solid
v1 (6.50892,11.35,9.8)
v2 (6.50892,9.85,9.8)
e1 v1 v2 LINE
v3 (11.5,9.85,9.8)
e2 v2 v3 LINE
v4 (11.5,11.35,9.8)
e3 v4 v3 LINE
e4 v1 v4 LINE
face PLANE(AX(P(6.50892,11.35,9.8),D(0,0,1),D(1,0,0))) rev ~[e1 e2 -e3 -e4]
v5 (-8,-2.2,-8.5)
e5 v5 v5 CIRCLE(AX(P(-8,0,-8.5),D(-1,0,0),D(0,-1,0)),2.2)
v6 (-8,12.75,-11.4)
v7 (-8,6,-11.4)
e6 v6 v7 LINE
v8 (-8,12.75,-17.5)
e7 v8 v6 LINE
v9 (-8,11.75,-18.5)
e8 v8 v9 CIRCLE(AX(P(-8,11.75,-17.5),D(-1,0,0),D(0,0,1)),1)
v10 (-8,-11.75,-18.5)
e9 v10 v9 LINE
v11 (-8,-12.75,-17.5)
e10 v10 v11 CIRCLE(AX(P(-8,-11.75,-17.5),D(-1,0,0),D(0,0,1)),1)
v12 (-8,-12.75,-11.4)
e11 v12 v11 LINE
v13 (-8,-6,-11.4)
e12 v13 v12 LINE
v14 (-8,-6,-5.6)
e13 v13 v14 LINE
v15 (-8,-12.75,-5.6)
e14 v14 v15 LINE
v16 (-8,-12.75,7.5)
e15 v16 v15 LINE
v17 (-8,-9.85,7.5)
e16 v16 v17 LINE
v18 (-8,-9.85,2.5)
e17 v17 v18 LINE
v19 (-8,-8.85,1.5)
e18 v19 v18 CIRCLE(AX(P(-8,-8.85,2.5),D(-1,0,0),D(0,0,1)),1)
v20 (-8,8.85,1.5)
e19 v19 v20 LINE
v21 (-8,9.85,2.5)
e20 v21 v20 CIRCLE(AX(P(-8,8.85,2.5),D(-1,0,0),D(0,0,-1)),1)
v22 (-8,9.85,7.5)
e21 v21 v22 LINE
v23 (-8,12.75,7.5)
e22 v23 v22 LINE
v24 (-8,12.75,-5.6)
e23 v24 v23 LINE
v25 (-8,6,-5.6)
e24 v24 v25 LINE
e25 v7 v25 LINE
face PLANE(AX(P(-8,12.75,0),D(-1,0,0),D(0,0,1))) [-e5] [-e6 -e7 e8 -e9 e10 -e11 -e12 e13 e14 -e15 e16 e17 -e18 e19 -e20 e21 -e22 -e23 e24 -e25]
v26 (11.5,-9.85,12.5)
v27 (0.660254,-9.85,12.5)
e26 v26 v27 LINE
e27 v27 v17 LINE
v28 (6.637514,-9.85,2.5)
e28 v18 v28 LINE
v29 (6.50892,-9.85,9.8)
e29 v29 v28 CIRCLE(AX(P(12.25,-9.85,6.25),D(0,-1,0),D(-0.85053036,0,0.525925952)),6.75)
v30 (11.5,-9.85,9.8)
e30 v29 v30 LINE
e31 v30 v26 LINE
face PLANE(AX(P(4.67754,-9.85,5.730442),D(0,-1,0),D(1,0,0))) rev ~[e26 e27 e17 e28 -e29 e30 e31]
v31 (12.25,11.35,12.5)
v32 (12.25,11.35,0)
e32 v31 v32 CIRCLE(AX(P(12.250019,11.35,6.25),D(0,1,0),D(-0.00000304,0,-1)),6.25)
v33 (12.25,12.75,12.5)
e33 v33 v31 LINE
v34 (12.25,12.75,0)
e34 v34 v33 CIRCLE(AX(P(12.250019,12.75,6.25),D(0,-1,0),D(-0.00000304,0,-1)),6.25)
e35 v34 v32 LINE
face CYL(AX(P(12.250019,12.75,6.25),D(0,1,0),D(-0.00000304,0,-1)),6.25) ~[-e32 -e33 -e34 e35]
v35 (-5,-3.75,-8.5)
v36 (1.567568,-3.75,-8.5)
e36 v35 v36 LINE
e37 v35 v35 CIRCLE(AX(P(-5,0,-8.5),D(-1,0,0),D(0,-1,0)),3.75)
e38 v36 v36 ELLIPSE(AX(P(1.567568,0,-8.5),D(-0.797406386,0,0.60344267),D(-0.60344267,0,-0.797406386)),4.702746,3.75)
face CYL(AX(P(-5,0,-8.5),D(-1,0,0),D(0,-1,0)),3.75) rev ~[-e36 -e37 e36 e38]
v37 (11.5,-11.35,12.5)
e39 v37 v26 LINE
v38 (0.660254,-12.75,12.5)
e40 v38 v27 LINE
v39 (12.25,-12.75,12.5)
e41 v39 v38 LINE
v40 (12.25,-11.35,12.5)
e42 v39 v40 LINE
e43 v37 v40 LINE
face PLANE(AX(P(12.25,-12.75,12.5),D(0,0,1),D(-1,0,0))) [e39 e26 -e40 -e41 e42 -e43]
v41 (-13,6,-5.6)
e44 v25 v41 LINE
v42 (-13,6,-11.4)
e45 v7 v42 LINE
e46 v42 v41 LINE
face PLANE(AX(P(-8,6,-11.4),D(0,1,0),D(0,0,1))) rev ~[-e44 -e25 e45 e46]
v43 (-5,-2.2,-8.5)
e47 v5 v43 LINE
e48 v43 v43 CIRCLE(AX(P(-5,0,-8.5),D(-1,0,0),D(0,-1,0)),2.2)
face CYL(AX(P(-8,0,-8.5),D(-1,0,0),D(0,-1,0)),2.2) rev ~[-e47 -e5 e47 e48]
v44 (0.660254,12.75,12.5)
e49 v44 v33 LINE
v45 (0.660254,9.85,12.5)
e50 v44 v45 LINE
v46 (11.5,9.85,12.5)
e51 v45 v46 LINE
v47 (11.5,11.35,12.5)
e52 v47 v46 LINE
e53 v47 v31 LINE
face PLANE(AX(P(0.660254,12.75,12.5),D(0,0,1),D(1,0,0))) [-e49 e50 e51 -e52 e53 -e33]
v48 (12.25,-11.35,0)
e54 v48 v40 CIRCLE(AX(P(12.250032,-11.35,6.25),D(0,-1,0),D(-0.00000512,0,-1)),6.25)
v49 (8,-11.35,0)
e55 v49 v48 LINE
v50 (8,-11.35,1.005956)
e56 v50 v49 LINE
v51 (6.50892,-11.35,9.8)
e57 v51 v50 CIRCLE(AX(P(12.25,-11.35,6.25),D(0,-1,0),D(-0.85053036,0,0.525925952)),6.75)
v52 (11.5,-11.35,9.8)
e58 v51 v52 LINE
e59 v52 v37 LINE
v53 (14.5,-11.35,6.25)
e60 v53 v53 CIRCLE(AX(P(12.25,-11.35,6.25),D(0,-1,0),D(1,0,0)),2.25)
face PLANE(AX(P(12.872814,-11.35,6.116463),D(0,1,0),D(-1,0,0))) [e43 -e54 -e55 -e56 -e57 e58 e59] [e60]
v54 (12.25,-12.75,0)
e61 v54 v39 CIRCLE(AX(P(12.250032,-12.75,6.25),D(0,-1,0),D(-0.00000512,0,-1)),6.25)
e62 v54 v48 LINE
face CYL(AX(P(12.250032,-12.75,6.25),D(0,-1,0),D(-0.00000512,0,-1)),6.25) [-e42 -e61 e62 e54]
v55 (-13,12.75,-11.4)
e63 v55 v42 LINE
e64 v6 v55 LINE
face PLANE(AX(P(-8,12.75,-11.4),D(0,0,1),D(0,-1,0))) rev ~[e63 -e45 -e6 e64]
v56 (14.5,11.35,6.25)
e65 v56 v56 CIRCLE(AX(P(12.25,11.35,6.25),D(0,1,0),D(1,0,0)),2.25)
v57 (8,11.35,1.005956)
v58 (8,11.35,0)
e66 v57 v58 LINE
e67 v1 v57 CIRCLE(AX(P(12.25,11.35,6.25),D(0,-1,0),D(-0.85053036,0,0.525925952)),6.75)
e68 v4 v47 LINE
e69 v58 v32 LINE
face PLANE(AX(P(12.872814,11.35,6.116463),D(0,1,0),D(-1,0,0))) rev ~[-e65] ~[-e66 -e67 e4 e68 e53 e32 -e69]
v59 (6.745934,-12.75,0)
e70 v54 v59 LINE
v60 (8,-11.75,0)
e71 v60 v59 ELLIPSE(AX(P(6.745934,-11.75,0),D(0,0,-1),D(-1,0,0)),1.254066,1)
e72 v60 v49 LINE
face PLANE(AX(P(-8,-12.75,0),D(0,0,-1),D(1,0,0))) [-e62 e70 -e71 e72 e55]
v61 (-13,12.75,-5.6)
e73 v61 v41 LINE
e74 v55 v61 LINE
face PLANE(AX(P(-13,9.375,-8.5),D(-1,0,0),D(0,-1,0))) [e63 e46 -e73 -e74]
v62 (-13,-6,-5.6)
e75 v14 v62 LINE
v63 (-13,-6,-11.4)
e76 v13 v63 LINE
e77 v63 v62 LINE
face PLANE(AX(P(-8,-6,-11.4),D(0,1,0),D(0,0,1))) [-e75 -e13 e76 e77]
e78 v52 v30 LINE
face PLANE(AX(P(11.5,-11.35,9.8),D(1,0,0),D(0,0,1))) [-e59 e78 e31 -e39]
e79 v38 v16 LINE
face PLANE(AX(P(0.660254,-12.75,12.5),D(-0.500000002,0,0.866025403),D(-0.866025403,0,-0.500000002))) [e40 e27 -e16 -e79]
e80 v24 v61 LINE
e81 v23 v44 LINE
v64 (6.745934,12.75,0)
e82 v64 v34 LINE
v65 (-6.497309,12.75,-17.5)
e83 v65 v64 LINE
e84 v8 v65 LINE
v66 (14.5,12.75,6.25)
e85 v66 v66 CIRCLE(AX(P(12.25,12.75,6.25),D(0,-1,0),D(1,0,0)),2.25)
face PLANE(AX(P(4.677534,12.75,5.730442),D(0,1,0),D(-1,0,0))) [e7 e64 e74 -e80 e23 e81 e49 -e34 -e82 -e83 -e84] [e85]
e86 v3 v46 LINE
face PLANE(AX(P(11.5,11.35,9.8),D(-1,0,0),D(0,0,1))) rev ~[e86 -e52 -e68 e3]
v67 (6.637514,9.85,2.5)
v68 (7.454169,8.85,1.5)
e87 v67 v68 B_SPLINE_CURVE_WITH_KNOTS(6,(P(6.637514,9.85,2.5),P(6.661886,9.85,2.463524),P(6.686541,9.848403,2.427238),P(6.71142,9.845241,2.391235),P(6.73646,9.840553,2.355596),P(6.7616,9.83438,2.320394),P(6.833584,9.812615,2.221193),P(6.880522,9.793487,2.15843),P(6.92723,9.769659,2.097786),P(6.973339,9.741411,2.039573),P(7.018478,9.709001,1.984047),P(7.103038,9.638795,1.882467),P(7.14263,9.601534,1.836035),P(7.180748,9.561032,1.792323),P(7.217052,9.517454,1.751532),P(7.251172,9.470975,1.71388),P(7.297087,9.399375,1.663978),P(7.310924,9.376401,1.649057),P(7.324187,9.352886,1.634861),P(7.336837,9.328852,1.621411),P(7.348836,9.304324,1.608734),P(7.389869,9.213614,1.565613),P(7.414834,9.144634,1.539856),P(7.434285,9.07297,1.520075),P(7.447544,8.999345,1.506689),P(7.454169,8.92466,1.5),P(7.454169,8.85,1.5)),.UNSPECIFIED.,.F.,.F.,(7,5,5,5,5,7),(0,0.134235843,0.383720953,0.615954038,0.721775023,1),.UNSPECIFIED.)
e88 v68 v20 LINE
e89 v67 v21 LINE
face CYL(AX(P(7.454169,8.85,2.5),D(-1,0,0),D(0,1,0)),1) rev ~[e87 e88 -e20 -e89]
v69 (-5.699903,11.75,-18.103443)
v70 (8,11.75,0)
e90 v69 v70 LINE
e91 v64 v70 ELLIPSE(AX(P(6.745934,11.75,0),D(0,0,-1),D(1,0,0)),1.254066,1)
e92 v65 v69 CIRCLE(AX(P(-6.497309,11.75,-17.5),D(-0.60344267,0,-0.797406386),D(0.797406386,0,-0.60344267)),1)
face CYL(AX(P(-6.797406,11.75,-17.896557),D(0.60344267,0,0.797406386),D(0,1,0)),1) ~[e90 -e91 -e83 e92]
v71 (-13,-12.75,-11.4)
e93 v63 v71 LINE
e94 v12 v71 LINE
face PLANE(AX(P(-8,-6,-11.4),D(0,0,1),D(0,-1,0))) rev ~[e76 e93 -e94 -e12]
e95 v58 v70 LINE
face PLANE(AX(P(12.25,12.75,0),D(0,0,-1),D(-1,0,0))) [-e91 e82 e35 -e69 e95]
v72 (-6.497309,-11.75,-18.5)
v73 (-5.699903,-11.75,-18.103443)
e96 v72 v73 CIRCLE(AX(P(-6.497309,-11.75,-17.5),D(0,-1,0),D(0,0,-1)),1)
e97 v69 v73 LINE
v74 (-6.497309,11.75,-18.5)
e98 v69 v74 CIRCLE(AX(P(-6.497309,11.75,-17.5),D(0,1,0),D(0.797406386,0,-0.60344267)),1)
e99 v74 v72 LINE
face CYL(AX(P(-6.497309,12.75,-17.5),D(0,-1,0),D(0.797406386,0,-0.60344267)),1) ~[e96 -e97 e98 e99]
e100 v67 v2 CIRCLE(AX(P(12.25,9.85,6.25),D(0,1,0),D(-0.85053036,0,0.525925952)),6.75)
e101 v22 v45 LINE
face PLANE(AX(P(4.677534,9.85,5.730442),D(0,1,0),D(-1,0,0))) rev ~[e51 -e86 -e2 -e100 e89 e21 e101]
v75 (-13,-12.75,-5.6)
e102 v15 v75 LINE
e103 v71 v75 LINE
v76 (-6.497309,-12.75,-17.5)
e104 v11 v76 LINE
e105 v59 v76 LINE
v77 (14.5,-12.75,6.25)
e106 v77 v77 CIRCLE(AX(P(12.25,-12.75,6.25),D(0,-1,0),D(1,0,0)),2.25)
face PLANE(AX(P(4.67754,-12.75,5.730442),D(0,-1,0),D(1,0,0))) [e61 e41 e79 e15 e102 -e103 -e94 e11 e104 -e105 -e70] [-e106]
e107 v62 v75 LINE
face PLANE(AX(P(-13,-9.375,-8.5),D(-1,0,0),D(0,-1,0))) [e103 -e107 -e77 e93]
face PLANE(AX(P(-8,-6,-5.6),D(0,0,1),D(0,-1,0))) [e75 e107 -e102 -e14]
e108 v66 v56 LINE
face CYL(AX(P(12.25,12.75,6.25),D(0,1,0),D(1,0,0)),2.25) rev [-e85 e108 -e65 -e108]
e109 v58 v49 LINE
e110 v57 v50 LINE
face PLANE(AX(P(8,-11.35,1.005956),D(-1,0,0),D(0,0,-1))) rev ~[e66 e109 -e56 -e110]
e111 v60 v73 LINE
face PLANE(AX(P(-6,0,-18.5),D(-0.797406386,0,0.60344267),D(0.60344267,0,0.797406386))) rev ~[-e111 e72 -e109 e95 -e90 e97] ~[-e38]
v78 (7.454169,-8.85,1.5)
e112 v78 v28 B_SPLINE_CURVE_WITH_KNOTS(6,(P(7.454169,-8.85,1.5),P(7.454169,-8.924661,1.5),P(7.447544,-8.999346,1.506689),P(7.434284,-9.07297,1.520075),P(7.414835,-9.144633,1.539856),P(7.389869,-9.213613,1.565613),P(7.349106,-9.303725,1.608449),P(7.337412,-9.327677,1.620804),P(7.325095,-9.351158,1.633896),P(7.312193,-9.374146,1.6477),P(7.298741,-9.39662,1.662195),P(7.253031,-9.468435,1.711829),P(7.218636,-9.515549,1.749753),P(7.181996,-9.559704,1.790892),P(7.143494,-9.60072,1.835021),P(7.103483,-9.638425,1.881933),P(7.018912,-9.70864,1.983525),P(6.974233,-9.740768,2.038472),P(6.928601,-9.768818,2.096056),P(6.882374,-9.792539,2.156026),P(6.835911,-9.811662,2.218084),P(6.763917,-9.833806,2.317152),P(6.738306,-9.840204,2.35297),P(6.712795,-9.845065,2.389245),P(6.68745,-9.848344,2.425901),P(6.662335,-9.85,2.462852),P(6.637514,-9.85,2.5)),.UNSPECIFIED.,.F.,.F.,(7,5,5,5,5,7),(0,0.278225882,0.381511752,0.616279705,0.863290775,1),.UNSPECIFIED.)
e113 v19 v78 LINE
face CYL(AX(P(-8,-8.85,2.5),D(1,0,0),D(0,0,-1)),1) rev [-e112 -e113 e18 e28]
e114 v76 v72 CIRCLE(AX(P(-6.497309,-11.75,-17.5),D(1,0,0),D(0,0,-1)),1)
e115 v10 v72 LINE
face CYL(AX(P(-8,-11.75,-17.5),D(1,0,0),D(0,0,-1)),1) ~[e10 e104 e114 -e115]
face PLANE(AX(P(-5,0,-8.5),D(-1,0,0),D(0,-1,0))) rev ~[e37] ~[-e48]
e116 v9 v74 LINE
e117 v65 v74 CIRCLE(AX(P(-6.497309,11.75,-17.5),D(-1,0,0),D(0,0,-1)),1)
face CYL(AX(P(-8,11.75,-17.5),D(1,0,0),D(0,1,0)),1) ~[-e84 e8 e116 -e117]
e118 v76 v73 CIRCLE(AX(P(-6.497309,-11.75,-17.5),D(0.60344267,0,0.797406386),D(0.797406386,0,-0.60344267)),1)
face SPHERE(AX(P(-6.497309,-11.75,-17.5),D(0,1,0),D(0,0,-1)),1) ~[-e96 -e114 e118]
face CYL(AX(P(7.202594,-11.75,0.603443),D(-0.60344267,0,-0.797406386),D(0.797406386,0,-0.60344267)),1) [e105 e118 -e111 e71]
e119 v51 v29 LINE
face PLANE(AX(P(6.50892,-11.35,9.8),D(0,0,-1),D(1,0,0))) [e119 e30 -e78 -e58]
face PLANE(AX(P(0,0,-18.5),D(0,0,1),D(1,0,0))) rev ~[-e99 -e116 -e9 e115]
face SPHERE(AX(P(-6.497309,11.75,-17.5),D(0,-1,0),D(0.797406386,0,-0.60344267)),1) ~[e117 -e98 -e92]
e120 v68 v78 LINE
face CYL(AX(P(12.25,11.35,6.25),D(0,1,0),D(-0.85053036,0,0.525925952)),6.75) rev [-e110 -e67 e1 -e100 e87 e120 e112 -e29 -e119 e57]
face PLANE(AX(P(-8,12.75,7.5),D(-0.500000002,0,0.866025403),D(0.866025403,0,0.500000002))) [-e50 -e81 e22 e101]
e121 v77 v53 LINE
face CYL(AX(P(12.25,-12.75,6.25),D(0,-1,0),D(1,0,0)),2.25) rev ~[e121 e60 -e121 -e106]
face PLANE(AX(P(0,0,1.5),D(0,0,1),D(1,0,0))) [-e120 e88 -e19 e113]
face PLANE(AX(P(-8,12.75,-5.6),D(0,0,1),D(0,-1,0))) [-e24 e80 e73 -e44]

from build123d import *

# Parameters (mm, degrees)
SKETCH009_W          = 16
SKETCH009_H          = 25.5
PAD003_DEPTH         = 1.5
PAD003_DEPTH_BACK    = 18.5
POCKET006_DEPTH      = 12.751
POCKET006_DEPTH_BACK = 12.751
SKETCH010_R          = 2.25
PAD004_DEPTH         = 2.9
SKETCH011_R          = 2.25
PAD005_DEPTH         = 2.9
POCKET002_DEPTH      = 11.35
POCKET003_DEPTH      = 11.35
SKETCH015_R          = 2.2
POCKET004_DEPTH      = 26.501032
SKETCH016_R          = 3.75
POCKET005_DEPTH      = 23.501032
SKETCH017_W          = 6.75
SKETCH017_H          = 5.8
PAD006_DEPTH         = 5
FILLET001_R          = 1


with BuildPart() as part:
    # Sketch009 → Pad003 (new body, two sides)
    with BuildSketch(Plane.XY) as pad003_sk:
        Rectangle(SKETCH009_W, SKETCH009_H)
    extrude(amount=PAD003_DEPTH)
    extrude(pad003_sk.sketch, amount=-PAD003_DEPTH_BACK)

    # Sketch018 → Pocket006 (cut, two sides)
    with BuildSketch(Plane.XZ) as pocket006_sk:
        Polygon((-6, -18.5), (8, 0), (8, -18.5), align=None)
    extrude(amount=-POCKET006_DEPTH, mode=Mode.SUBTRACT)
    extrude(pocket006_sk.sketch, amount=POCKET006_DEPTH_BACK, mode=Mode.SUBTRACT)

    # Sketch010 → Pad004 (join)
    with BuildSketch(Plane.XZ.offset(12.75)):
        with BuildLine():
            ThreePointArc((12.25, 0), (18.500032, 6.25), (12.25, 12.5))
            Line((12.25, 12.5), (0.660254, 12.5))
            Line((0.660254, 12.5), (-8, 7.5))
            Line((-8, 7.5), (-8, 0))
            Line((-8, 0), (12.25, 0))
        make_face()
        with Locations((12.25, 6.25)):
            Circle(SKETCH010_R, mode=Mode.SUBTRACT)
    extrude(amount=-PAD004_DEPTH)

    # Sketch011 → Pad005 (join)
    with BuildSketch(Plane.XZ.offset(-12.75)):
        with BuildLine():
            Line((12.25, 0), (-8, 0))
            Line((-8, 0), (-8, 7.5))
            Line((-8, 7.5), (0.660254, 12.5))
            Line((0.660254, 12.5), (12.25, 12.5))
            ThreePointArc((12.25, 0), (18.500019, 6.25), (12.25, 12.5))
        make_face()
        with Locations((12.25, 6.25)):
            Circle(SKETCH011_R, mode=Mode.SUBTRACT)
    extrude(amount=PAD005_DEPTH)

    # Sketch012 → Pocket002 (cut)
    with BuildSketch(Plane.XZ.offset(11.35)):
        with BuildLine():
            Line((18.6, 12.5), (18.6, 0))
            Line((8, 0), (18.6, 0))
            Line((8, 1.005956), (8, 0))
            ThreePointArc((6.50892, 9.8), (5.594985, 5.121605), (8, 1.005956))
            Line((6.50892, 9.8), (11.5, 9.8))
            Line((11.5, 9.8), (11.5, 12.5))
            Line((11.5, 12.5), (18.6, 12.5))
        make_face()
    extrude(amount=-POCKET002_DEPTH, mode=Mode.SUBTRACT)

    # Sketch013 → Pocket003 (cut)
    with BuildSketch(Plane.XZ.offset(-11.35)):
        with BuildLine():
            Line((18.6, 12.5), (18.6, 0))
            Line((8, 0), (18.6, 0))
            Line((8, 1.005956), (8, 0))
            ThreePointArc((6.50892, 9.8), (5.594985, 5.121605), (8, 1.005956))
            Line((6.50892, 9.8), (11.5, 9.8))
            Line((11.5, 9.8), (11.5, 12.5))
            Line((11.5, 12.5), (18.6, 12.5))
        make_face()
    extrude(amount=POCKET003_DEPTH, mode=Mode.SUBTRACT)

    # Sketch015 (on DatumPlane) → Pocket004 (cut, through all)
    with BuildSketch(Plane(origin=(-8, 12.75, 0), x_dir=(0, -1, 0), z_dir=(-1, 0, 0))):
        with Locations((12.75, -8.5)):
            Circle(SKETCH015_R)
    extrude(amount=-POCKET004_DEPTH, mode=Mode.SUBTRACT)

    # Sketch016 (on DatumPlane) → Pocket005 (cut, through all)
    with BuildSketch(Plane(origin=(-5, 12.75, 0), x_dir=(0, -1, 0), z_dir=(-1, 0, 0))):
        with Locations((12.75, -8.5)):
            Circle(SKETCH016_R)
    extrude(amount=-POCKET005_DEPTH, mode=Mode.SUBTRACT)

    # Sketch017 (on DatumPlane) → Pad006 (join)
    with BuildSketch(Plane(origin=(-8, 12.75, 0), x_dir=(0, -1, 0), z_dir=(-1, 0, 0))):
        with Locations((3.375, -8.5)):
            Rectangle(SKETCH017_W, SKETCH017_H)
        with Locations((22.125, -8.5)):
            Rectangle(SKETCH017_W, SKETCH017_H)
    extrude(amount=PAD006_DEPTH)

    # Fillet001
    fillet001_edges = [part.edges().sort_by_distance(p)[0] for p in [
        (1, -12.75, -9.25),
        (1, 12.75, -9.25),
        (-7, 12.75, -18.5),
        (-6, 0, -18.5),
        (-7, -12.75, -18.5),
        (-0.272916, -9.85, 1.5),
        (-0.272916, 9.85, 1.5),
    ]]
    fillet(fillet001_edges, radius=FILLET001_R)


solid = part.part
